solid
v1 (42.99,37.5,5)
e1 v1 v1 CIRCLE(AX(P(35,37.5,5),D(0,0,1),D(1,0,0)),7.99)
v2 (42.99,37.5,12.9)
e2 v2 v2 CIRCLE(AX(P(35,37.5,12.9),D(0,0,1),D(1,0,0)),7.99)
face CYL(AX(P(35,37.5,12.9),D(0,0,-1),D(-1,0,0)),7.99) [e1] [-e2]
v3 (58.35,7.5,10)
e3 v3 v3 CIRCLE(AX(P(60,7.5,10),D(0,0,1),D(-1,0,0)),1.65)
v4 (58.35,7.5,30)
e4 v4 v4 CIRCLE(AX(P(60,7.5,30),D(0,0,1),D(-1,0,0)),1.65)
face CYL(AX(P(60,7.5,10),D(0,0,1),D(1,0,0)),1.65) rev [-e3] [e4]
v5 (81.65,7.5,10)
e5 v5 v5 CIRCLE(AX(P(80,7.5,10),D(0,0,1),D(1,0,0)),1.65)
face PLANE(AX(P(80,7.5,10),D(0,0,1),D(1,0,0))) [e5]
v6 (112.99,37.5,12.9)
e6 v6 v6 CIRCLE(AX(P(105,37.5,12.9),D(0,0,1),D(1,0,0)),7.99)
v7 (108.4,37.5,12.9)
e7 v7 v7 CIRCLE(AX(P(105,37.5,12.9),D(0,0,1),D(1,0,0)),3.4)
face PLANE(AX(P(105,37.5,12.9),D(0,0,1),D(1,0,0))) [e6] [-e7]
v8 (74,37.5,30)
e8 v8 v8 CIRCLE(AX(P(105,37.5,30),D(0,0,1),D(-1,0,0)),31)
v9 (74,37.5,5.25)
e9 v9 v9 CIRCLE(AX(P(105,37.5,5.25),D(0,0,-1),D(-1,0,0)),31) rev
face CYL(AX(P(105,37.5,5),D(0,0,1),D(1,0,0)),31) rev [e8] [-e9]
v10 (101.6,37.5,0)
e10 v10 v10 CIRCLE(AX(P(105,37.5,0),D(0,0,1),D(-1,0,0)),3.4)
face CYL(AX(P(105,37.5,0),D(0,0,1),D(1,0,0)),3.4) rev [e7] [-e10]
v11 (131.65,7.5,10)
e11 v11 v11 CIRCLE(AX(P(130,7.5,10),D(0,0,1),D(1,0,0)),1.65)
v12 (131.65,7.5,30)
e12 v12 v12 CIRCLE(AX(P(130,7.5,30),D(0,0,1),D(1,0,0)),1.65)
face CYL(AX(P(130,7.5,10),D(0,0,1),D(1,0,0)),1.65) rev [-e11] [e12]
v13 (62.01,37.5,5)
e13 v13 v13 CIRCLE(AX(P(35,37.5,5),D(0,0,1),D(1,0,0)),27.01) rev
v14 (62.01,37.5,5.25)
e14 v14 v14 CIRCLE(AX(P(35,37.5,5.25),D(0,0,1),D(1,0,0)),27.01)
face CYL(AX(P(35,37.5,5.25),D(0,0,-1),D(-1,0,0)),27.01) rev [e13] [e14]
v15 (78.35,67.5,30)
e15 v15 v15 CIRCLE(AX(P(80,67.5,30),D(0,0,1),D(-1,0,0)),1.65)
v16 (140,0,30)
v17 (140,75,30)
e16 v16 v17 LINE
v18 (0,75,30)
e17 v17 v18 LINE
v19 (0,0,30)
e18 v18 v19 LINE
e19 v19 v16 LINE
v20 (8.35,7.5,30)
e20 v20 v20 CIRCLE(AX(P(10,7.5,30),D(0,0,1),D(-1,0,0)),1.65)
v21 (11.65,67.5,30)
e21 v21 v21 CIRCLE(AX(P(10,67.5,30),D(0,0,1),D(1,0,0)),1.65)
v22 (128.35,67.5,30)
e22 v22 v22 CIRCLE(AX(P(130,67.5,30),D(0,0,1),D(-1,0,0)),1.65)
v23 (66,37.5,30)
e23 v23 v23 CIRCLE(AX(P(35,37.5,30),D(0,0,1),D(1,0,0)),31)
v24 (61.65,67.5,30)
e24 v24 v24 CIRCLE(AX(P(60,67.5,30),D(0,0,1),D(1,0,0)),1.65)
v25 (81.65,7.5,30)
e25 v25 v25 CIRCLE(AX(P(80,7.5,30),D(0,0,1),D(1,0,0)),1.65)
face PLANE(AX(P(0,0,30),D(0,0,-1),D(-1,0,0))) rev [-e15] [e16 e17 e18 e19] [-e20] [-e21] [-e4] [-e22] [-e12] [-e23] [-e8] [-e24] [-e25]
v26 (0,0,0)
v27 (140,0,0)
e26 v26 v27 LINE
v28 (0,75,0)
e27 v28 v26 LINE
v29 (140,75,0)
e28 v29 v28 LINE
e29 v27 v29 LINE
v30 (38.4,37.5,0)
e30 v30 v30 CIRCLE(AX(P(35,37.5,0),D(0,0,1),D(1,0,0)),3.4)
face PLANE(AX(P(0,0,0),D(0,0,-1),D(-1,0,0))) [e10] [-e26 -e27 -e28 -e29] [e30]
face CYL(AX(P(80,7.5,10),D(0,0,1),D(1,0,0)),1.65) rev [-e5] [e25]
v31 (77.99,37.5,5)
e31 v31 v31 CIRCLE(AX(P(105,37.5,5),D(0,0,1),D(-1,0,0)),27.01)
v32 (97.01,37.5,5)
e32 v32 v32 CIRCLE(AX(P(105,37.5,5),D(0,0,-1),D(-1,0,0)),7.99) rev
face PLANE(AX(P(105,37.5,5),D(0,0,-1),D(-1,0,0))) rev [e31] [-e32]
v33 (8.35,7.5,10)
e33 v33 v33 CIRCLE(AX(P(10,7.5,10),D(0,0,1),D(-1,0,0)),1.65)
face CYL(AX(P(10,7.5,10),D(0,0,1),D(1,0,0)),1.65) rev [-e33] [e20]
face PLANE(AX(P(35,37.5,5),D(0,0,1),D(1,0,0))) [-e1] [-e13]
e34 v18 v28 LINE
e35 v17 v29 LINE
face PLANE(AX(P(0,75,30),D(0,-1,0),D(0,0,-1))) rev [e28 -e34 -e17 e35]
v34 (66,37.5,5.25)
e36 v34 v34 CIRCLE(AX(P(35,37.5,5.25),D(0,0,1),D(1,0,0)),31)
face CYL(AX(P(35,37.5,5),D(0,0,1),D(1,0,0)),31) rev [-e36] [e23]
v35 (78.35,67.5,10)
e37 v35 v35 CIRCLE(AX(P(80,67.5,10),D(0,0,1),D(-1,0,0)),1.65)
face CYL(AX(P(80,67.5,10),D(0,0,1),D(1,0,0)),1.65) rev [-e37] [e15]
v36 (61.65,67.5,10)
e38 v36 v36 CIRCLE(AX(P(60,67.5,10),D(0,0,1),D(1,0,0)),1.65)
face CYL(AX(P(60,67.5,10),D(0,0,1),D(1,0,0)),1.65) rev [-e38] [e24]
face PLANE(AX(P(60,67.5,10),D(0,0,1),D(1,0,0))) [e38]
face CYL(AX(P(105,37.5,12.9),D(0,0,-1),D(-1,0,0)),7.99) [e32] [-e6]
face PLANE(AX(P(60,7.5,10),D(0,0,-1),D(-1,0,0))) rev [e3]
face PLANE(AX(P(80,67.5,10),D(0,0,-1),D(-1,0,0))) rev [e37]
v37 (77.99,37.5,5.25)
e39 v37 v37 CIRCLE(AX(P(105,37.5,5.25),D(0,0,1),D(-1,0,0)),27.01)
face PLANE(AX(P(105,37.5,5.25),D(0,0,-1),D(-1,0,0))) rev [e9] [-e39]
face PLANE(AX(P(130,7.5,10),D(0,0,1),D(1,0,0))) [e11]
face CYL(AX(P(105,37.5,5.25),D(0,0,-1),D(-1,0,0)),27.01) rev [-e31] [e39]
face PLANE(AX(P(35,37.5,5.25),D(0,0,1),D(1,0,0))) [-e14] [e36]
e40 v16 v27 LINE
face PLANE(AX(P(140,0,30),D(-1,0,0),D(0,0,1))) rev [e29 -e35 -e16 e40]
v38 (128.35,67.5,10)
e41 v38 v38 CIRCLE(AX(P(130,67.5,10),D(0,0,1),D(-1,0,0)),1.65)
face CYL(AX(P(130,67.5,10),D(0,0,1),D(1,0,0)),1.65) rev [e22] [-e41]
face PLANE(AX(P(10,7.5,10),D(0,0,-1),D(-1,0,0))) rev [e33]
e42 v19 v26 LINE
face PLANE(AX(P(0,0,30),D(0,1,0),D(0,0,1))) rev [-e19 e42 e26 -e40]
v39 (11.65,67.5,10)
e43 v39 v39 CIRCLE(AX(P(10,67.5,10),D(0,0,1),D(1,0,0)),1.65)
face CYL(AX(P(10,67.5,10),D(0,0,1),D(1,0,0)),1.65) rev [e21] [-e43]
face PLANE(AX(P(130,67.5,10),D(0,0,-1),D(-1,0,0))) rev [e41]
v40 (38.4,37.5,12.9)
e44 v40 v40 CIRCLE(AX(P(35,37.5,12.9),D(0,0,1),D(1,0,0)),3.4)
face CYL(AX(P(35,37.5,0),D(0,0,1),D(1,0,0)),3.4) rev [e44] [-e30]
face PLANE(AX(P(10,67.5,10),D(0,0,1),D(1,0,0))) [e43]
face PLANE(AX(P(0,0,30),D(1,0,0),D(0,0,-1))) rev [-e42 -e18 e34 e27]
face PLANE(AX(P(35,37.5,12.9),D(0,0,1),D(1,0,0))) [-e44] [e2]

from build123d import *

# Parameters (mm, degrees)
ESQUISSE1_W                  = 140
ESQUISSE1_H                  = 75
BOSS_EXTRU_1_DEPTH           = 30
ESQUISSE2_R                  = 31
ENL_V_MAT_EXTRU_1_DEPTH      = 25
ENL_V_MAT_EXTRU_2_DEPTH      = 161.779351908
ENL_V_MAT_EXTRU_2_DEPTH_BACK = 161.779351908
ESQUISSE3_R                  = 3.4
BOSS_EXTRU_2_START           = 0.25
ESQUISSE4_R                  = 31
ESQUISSE4_R_2                = 27.01
BOSS_EXTRU_2_DEPTH           = 0.25
BOSS_EXTRU_3_START           = 7.9
ESQUISSE5_R                  = 7.99
ESQUISSE5_R_2                = 3.4
BOSS_EXTRU_3_DEPTH           = 7.9
ESQUISSE6_R                  = 1.65
ENL_V_MAT_EXTRU_3_DEPTH      = 20


with BuildPart() as part:
    # Esquisse1 → Boss.-Extru.1 (new body)
    with BuildSketch(Plane.XY):
        with Locations((70, 37.5)):
            Rectangle(ESQUISSE1_W, ESQUISSE1_H)
    extrude(amount=BOSS_EXTRU_1_DEPTH)

    # Esquisse2 → Enlèv. mat.-Extru.1 (cut)
    with BuildSketch(Plane.XY.offset(30)):
        with Locations((35, 37.5)):
            Circle(ESQUISSE2_R)
        with Locations(Location((105, 37.5, 0), (0, 0, 180))):
            Circle(ESQUISSE2_R)
    extrude(amount=-ENL_V_MAT_EXTRU_1_DEPTH, mode=Mode.SUBTRACT)

    # Esquisse3 → Enlèv. mat.-Extru.2 (cut, two sides: drawn at the far end of the back side and taken through both)
    with BuildSketch(Plane.XY.offset(5).offset(-ENL_V_MAT_EXTRU_2_DEPTH_BACK)):
        with Locations((35, 37.5)):
            Circle(ESQUISSE3_R)
        with Locations(Location((105, 37.5, 0), (0, 0, 180))):
            Circle(ESQUISSE3_R)
    extrude(amount=ENL_V_MAT_EXTRU_2_DEPTH + ENL_V_MAT_EXTRU_2_DEPTH_BACK, mode=Mode.SUBTRACT)

    # Esquisse4 → Boss.-Extru.2 (add)
    # profile 1 of 2: a face of its own
    with BuildSketch(Plane.XY.offset(5).offset(BOSS_EXTRU_2_START)):
        with Locations((35, 37.5)):
            Circle(ESQUISSE4_R)
        with Locations((35, 37.5)):
            Circle(ESQUISSE4_R_2, mode=Mode.SUBTRACT)
    # profile 2 of 2: a face of its own
    with BuildSketch(Plane.XY.offset(5).offset(BOSS_EXTRU_2_START)):
        with Locations(Location((105, 37.5, 0), (0, 0, 180))):
            Circle(ESQUISSE4_R)
        with Locations(Location((105, 37.5, 0), (0, 0, 180))):
            Circle(ESQUISSE4_R_2, mode=Mode.SUBTRACT)
    extrude(amount=-BOSS_EXTRU_2_DEPTH)

    # Esquisse5 → Boss.-Extru.3 (add)
    # profile 1 of 2: a face of its own
    with BuildSketch(Plane.XY.offset(5).offset(BOSS_EXTRU_3_START)):
        with Locations((35, 37.5)):
            Circle(ESQUISSE5_R)
        with Locations((35, 37.5)):
            Circle(ESQUISSE5_R_2, mode=Mode.SUBTRACT)
    # profile 2 of 2: a face of its own
    with BuildSketch(Plane.XY.offset(5).offset(BOSS_EXTRU_3_START)):
        with Locations(Location((105, 37.5, 0), (0, 0, 180))):
            Circle(ESQUISSE5_R)
        with Locations((105, 37.5)):
            Circle(ESQUISSE5_R_2, mode=Mode.SUBTRACT)
    extrude(amount=-BOSS_EXTRU_3_DEPTH)

    # Esquisse6 → Enlèv. mat.-Extru.3 (cut)
    with BuildSketch(Plane.XY.offset(30)):
        with Locations((60, 67.5)):
            Circle(ESQUISSE6_R)
        with Locations((10, 67.5)):
            Circle(ESQUISSE6_R)
        with Locations(Location((10, 7.5, 0), (0, 0, 180))):
            Circle(ESQUISSE6_R)
        with Locations(Location((60, 7.5, 0), (0, 0, 180))):
            Circle(ESQUISSE6_R)
        with Locations((80, 7.5)):
            Circle(ESQUISSE6_R)
        with Locations((130, 7.5)):
            Circle(ESQUISSE6_R)
        with Locations(Location((130, 67.5, 0), (0, 0, 180))):
            Circle(ESQUISSE6_R)
        with Locations(Location((80, 67.5, 0), (0, 0, 180))):
            Circle(ESQUISSE6_R)
    extrude(amount=-ENL_V_MAT_EXTRU_3_DEPTH, mode=Mode.SUBTRACT)


solid = part.part
